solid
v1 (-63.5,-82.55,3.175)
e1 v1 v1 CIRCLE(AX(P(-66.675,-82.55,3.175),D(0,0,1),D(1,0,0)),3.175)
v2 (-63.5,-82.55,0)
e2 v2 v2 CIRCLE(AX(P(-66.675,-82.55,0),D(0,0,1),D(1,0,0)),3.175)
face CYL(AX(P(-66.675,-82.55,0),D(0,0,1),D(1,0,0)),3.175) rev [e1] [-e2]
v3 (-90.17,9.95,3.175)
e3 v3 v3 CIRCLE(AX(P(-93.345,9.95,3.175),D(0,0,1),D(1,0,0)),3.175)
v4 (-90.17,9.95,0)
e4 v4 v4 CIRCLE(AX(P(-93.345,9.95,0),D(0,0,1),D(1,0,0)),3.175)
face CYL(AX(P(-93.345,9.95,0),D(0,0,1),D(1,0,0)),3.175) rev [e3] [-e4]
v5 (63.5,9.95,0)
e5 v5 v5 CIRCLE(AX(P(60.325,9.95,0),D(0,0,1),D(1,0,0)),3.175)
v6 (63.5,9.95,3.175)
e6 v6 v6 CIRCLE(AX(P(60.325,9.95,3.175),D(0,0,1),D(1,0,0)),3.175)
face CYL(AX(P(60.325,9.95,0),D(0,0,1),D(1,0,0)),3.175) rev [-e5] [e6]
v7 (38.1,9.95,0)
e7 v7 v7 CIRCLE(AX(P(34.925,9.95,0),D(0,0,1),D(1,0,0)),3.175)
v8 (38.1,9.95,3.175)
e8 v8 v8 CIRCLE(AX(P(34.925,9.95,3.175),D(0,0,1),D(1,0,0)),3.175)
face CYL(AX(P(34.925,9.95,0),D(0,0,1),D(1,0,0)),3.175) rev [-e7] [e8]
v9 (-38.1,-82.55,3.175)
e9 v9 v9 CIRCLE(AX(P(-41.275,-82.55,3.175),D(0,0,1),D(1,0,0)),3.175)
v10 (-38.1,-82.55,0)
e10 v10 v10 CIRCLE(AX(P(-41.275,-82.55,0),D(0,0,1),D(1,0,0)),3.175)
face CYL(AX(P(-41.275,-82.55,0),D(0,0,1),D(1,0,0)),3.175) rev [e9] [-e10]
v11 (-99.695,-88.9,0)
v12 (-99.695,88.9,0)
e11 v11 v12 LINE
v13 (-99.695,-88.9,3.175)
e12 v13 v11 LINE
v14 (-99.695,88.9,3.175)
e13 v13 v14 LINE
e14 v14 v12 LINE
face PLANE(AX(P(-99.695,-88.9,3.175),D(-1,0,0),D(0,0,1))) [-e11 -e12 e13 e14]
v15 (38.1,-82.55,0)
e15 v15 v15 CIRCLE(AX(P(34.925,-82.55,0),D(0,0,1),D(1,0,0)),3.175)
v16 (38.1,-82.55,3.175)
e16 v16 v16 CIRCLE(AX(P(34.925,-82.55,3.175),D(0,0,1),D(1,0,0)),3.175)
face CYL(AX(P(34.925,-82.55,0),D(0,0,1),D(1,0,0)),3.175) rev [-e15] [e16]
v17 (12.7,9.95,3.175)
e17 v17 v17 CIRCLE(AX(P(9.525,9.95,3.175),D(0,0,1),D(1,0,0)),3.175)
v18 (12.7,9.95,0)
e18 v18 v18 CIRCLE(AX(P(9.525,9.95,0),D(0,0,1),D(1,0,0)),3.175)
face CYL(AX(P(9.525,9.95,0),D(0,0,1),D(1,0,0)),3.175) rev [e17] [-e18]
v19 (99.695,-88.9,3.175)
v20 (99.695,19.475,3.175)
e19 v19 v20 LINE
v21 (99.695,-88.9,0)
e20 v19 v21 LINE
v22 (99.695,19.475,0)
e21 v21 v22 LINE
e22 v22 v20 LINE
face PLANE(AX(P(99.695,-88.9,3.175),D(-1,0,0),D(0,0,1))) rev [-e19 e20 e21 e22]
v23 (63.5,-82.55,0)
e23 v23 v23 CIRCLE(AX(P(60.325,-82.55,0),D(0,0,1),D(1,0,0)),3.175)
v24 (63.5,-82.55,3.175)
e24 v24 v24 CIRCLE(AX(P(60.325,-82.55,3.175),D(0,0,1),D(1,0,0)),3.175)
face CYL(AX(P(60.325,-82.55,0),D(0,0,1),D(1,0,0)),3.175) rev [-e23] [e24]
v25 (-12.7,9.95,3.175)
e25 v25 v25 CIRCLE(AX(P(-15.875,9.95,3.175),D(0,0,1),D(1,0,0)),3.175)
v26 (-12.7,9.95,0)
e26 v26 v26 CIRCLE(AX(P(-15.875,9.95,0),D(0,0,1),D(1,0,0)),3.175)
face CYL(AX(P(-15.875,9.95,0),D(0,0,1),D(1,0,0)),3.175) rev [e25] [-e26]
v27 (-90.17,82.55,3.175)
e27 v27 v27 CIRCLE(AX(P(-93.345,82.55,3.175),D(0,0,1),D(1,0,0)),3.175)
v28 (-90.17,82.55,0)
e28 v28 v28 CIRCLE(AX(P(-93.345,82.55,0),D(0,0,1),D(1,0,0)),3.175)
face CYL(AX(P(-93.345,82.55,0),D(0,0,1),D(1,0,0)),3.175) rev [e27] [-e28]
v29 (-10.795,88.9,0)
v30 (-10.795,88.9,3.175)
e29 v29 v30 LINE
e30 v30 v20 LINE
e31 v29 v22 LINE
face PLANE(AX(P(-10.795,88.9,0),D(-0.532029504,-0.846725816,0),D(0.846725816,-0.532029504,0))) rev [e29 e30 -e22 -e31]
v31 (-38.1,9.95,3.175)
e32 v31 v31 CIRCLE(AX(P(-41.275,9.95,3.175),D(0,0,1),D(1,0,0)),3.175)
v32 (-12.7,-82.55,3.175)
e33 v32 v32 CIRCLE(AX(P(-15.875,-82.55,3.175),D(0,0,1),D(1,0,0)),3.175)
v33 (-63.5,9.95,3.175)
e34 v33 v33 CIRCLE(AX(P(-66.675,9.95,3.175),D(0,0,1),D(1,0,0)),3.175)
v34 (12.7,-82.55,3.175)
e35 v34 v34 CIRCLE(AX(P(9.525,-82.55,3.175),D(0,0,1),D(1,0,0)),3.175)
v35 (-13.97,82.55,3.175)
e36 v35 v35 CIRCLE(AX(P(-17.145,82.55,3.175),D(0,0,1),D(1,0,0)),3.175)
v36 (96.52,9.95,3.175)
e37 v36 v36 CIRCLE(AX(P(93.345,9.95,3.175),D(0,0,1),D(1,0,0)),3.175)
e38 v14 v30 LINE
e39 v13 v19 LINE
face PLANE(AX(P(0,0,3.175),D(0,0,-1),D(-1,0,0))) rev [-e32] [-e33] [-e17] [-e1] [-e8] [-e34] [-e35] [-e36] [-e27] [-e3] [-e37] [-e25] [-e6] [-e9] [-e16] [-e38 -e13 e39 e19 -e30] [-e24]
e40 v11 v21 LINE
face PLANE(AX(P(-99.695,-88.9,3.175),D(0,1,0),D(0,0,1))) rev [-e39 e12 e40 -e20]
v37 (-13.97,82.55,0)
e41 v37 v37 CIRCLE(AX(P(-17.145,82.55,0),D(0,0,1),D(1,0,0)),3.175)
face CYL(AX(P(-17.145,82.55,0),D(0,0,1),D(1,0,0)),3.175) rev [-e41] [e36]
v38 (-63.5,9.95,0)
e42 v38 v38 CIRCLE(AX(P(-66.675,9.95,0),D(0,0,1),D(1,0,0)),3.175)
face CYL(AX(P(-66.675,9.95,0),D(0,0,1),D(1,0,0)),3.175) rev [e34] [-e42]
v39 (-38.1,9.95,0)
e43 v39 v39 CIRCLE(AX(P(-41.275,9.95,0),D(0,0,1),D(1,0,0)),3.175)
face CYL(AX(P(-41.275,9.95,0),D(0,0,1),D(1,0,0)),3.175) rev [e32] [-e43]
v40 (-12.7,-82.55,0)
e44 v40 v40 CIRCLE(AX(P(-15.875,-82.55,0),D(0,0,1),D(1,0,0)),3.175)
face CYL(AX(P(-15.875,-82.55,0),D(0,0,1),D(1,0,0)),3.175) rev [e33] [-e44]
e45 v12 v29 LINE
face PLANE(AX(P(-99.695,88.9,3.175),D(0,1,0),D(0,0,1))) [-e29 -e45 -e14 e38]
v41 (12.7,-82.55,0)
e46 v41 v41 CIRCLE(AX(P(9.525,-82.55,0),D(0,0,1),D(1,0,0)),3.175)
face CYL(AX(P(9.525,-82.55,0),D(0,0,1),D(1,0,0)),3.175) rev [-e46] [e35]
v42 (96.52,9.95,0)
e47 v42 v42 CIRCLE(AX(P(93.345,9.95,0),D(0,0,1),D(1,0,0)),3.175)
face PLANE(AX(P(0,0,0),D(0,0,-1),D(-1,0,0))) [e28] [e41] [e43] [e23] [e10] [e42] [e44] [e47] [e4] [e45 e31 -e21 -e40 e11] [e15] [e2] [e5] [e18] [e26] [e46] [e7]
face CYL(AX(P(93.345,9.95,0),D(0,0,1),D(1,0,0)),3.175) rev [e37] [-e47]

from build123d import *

# Parameters (mm, degrees)
SKETCH1_W           = 199.39
SKETCH1_H           = 177.8
BOSS_EXTRUDE1_DEPTH = 3.175
CUT_EXTRUDE4_DEPTH  = 134.612812447
SKETCH7_R           = 3.175
CUT_EXTRUDE5_DEPTH  = 134.612812447


with BuildPart() as part:
    # Sketch1 → Boss-Extrude1 (new body)
    with BuildSketch(Plane.XY):
        Rectangle(SKETCH1_W, SKETCH1_H)
    extrude(amount=BOSS_EXTRUDE1_DEPTH)

    # Sketch6 → Cut-Extrude4 (cut, through all)
    with BuildSketch(Plane.XY.offset(3.175)):
        Polygon((99.695, 88.9), (99.695, 19.474999912), (-10.795, 88.9), align=None)
    extrude(amount=-CUT_EXTRUDE4_DEPTH, mode=Mode.SUBTRACT)

    # Sketch7 → Cut-Extrude5 (cut, through all)
    with BuildSketch(Plane.XY.offset(3.175)):
        with Locations((-93.345, 82.55)):
            Circle(SKETCH7_R)
        with Locations((-93.345, 9.949999912)):
            Circle(SKETCH7_R)
        with Locations((93.345, 9.949999912)):
            Circle(SKETCH7_R)
        with Locations((-66.675, 9.949999912)):
            Circle(SKETCH7_R)
        with Locations((-41.275, 9.949999912)):
            Circle(SKETCH7_R)
        with Locations((-15.875, 9.949999912)):
            Circle(SKETCH7_R)
        with Locations((9.525, 9.949999912)):
            Circle(SKETCH7_R)
        with Locations((34.925, 9.949999912)):
            Circle(SKETCH7_R)
        with Locations((60.325, 9.949999912)):
            Circle(SKETCH7_R)
        with Locations((-17.145, 82.55)):
            Circle(SKETCH7_R)
        with Locations((-66.675, -82.55)):
            Circle(SKETCH7_R)
        with Locations((-41.275, -82.55)):
            Circle(SKETCH7_R)
        with Locations((-15.875, -82.55)):
            Circle(SKETCH7_R)
        with Locations((9.525, -82.55)):
            Circle(SKETCH7_R)
        with Locations((34.925, -82.55)):
            Circle(SKETCH7_R)
        with Locations((60.325, -82.55)):
            Circle(SKETCH7_R)
    extrude(amount=-CUT_EXTRUDE5_DEPTH, mode=Mode.SUBTRACT)


solid = part.part
